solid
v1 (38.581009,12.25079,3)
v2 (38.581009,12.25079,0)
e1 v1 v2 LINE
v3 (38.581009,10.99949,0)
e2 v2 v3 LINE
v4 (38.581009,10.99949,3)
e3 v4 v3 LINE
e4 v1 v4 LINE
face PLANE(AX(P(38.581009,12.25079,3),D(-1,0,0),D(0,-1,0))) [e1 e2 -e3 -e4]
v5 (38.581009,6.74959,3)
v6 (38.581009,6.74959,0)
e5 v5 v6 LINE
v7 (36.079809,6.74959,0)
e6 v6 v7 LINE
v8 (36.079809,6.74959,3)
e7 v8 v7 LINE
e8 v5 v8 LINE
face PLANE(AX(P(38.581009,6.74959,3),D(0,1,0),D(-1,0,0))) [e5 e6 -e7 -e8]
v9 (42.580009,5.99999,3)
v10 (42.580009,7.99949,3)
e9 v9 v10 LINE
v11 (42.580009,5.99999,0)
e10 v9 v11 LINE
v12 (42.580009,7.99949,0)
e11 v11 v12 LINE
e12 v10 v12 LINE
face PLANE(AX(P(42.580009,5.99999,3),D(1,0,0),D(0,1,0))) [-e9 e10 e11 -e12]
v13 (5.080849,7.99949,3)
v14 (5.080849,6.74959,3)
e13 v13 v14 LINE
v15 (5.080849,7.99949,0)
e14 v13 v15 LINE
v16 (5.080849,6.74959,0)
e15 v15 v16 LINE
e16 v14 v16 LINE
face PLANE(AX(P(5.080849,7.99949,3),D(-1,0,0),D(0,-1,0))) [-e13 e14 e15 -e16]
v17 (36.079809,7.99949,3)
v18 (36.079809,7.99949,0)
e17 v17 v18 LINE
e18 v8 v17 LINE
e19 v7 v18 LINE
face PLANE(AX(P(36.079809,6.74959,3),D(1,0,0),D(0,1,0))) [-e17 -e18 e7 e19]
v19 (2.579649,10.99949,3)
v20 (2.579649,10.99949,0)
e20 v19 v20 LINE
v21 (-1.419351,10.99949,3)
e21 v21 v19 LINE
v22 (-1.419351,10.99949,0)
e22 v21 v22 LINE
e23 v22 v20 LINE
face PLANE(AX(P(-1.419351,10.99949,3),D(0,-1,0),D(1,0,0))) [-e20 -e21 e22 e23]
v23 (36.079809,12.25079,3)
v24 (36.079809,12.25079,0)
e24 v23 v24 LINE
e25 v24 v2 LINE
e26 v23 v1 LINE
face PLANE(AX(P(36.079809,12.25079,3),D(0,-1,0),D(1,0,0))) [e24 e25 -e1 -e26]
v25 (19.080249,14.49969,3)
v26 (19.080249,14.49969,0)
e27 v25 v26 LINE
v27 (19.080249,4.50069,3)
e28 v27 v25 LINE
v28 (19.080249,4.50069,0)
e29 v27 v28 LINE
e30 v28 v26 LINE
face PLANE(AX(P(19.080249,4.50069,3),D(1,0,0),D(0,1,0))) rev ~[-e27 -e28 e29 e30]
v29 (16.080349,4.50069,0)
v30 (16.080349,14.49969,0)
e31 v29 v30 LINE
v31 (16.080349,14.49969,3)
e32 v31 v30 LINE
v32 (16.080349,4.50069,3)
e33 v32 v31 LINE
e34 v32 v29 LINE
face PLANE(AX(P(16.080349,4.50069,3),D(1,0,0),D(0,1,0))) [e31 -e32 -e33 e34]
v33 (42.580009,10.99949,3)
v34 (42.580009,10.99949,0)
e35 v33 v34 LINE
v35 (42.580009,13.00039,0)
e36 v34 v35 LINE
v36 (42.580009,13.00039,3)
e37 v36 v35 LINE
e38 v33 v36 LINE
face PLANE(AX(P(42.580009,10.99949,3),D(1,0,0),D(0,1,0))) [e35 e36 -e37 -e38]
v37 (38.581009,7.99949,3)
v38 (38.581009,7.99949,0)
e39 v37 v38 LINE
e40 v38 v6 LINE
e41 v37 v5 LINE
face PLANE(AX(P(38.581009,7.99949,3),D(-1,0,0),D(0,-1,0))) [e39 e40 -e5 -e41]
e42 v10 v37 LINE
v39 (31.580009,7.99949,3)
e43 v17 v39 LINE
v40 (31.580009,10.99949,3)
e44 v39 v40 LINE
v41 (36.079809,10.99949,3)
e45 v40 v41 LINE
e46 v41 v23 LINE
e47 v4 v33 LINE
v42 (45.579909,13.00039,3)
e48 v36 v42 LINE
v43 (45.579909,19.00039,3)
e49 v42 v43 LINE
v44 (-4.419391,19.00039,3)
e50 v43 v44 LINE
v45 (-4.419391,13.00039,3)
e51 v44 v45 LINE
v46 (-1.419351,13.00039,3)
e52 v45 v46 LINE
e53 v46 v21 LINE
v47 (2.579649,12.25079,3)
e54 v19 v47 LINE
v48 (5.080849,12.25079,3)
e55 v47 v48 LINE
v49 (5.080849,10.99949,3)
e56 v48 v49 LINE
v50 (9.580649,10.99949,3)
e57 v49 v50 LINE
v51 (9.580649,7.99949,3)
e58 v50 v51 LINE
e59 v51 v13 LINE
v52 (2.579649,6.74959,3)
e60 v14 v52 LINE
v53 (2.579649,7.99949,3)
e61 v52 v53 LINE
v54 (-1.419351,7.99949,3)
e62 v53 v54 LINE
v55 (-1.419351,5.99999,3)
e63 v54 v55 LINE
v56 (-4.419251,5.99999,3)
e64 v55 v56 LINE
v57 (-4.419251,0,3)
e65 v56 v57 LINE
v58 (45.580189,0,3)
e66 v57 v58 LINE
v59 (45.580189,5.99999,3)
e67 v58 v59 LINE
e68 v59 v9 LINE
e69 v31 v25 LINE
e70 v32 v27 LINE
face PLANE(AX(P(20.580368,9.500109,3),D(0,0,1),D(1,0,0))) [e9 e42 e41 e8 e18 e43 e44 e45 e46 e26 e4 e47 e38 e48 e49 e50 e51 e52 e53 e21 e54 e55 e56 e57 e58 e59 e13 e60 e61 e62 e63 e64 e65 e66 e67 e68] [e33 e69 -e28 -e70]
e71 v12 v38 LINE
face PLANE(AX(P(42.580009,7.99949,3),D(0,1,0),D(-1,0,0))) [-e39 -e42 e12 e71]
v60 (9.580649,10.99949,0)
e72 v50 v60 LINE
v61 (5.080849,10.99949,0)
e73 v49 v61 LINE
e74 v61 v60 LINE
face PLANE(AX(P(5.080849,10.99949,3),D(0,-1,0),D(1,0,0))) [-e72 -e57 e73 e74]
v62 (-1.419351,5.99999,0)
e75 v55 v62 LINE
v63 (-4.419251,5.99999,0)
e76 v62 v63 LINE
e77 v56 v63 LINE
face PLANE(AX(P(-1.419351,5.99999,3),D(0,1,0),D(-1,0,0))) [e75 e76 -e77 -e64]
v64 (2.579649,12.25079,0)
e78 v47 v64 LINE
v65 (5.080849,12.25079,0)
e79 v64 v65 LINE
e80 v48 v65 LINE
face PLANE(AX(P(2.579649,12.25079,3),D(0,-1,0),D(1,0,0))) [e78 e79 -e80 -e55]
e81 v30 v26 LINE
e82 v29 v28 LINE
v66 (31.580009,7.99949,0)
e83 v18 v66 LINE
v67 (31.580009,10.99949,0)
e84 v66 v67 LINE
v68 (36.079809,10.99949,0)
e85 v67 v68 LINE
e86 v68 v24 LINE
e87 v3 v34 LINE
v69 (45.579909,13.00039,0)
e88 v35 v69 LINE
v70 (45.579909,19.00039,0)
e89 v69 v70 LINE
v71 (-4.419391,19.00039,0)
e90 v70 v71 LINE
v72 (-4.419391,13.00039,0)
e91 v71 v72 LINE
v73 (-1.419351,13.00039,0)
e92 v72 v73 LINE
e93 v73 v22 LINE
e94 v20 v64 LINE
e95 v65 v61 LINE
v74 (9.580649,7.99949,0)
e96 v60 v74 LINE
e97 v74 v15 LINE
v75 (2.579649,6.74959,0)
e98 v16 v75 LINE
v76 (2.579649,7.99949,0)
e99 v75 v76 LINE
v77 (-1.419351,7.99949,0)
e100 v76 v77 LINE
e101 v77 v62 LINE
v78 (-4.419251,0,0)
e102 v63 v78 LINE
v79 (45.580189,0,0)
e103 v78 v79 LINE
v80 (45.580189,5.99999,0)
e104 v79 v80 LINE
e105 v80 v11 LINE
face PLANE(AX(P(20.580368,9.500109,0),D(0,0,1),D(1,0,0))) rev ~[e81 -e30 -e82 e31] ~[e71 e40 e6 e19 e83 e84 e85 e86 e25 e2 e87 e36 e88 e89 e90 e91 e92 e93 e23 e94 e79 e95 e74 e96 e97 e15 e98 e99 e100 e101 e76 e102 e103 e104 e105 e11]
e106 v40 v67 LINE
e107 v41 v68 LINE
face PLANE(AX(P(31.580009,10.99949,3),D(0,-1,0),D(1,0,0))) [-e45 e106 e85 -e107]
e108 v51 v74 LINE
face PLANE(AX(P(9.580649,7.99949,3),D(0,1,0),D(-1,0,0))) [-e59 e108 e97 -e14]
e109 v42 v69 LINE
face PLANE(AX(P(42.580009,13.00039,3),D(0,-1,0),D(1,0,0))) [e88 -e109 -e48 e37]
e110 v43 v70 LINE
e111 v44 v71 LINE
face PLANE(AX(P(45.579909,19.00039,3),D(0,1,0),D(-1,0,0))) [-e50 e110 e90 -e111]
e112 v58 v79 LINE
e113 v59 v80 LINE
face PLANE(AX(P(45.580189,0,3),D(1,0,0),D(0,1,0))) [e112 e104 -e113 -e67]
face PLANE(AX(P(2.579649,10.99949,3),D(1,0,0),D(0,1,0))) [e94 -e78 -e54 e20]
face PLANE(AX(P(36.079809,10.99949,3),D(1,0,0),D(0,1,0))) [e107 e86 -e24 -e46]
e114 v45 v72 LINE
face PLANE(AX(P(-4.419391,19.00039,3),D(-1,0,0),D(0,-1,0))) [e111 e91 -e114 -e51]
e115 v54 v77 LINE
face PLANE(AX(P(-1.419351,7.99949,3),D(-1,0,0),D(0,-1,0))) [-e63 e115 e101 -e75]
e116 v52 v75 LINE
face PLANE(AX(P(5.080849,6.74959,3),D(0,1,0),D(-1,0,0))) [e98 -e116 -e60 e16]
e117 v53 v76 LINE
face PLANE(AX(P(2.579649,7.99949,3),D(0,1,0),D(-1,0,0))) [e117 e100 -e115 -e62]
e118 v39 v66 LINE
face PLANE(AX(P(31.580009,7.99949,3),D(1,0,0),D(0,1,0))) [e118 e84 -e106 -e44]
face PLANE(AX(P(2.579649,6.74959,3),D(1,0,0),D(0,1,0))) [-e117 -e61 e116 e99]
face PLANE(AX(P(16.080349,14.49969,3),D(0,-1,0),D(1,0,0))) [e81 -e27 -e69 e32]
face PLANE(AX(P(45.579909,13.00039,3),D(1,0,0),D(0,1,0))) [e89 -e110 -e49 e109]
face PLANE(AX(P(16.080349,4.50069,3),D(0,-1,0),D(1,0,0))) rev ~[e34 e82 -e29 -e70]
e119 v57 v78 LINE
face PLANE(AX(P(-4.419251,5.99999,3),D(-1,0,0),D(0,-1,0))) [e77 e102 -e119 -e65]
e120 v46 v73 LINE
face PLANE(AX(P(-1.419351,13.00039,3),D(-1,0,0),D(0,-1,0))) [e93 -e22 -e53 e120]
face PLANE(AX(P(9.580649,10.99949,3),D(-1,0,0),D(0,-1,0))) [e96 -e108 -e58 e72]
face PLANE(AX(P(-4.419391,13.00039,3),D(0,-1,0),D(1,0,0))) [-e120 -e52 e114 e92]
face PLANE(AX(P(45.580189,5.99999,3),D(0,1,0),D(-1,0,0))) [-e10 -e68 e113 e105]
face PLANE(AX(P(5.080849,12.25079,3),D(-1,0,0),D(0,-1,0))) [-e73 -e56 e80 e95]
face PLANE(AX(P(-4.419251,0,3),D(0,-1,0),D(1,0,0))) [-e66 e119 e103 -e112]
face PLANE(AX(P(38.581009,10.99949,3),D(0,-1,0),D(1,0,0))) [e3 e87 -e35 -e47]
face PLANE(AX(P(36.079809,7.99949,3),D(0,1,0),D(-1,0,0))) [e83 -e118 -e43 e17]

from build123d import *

# Parameters (mm, degrees)
SKETCH_1_W      = 2.9999
SKETCH_1_H      = 9.999
EXTRUDE_1_DEPTH = 3


with BuildPart() as part:
    # 草图1 → 凸台-拉伸1 (new body)
    with BuildSketch(Plane.XY.offset(3)):
        Polygon((42.580009157, 5.99999), (42.580009157, 7.99949), (38.581009157, 7.99949), (38.581009157, 6.74959), (36.079809157, 6.74959), (36.079809157, 7.99949), (31.580009157, 7.99949), (31.580009157, 10.99949), (36.079809157, 10.99949), (36.079809157, 12.25079), (38.581009157, 12.25079), (38.581009157, 10.99949), (42.580009157, 10.99949), (42.580009157, 13.00039), (45.579909157, 13.00039), (45.579909157, 19.000390002), (-4.419390843, 19.000390002), (-4.419390843, 13.00039), (-1.419350843, 13.00039), (-1.419350843, 10.99949), (2.579649157, 10.99949), (2.579649157, 12.25079), (5.080849157, 12.25079), (5.080849157, 10.99949), (9.580649157, 10.99949), (9.580649157, 7.99949), (5.080849157, 7.99949), (5.080849157, 6.74959), (2.579649157, 6.74959), (2.579649157, 7.99949), (-1.419350843, 7.99949), (-1.419350843, 5.99999), (-4.419250843, 5.99999), (-4.419250843, -2e-09), (45.580189157, -2e-09), (45.580189157, 5.99999), align=None)
        with Locations((17.580299157, 9.50019)):
            Rectangle(SKETCH_1_W, SKETCH_1_H, mode=Mode.SUBTRACT)
    extrude(amount=-EXTRUDE_1_DEPTH)


solid = part.part
